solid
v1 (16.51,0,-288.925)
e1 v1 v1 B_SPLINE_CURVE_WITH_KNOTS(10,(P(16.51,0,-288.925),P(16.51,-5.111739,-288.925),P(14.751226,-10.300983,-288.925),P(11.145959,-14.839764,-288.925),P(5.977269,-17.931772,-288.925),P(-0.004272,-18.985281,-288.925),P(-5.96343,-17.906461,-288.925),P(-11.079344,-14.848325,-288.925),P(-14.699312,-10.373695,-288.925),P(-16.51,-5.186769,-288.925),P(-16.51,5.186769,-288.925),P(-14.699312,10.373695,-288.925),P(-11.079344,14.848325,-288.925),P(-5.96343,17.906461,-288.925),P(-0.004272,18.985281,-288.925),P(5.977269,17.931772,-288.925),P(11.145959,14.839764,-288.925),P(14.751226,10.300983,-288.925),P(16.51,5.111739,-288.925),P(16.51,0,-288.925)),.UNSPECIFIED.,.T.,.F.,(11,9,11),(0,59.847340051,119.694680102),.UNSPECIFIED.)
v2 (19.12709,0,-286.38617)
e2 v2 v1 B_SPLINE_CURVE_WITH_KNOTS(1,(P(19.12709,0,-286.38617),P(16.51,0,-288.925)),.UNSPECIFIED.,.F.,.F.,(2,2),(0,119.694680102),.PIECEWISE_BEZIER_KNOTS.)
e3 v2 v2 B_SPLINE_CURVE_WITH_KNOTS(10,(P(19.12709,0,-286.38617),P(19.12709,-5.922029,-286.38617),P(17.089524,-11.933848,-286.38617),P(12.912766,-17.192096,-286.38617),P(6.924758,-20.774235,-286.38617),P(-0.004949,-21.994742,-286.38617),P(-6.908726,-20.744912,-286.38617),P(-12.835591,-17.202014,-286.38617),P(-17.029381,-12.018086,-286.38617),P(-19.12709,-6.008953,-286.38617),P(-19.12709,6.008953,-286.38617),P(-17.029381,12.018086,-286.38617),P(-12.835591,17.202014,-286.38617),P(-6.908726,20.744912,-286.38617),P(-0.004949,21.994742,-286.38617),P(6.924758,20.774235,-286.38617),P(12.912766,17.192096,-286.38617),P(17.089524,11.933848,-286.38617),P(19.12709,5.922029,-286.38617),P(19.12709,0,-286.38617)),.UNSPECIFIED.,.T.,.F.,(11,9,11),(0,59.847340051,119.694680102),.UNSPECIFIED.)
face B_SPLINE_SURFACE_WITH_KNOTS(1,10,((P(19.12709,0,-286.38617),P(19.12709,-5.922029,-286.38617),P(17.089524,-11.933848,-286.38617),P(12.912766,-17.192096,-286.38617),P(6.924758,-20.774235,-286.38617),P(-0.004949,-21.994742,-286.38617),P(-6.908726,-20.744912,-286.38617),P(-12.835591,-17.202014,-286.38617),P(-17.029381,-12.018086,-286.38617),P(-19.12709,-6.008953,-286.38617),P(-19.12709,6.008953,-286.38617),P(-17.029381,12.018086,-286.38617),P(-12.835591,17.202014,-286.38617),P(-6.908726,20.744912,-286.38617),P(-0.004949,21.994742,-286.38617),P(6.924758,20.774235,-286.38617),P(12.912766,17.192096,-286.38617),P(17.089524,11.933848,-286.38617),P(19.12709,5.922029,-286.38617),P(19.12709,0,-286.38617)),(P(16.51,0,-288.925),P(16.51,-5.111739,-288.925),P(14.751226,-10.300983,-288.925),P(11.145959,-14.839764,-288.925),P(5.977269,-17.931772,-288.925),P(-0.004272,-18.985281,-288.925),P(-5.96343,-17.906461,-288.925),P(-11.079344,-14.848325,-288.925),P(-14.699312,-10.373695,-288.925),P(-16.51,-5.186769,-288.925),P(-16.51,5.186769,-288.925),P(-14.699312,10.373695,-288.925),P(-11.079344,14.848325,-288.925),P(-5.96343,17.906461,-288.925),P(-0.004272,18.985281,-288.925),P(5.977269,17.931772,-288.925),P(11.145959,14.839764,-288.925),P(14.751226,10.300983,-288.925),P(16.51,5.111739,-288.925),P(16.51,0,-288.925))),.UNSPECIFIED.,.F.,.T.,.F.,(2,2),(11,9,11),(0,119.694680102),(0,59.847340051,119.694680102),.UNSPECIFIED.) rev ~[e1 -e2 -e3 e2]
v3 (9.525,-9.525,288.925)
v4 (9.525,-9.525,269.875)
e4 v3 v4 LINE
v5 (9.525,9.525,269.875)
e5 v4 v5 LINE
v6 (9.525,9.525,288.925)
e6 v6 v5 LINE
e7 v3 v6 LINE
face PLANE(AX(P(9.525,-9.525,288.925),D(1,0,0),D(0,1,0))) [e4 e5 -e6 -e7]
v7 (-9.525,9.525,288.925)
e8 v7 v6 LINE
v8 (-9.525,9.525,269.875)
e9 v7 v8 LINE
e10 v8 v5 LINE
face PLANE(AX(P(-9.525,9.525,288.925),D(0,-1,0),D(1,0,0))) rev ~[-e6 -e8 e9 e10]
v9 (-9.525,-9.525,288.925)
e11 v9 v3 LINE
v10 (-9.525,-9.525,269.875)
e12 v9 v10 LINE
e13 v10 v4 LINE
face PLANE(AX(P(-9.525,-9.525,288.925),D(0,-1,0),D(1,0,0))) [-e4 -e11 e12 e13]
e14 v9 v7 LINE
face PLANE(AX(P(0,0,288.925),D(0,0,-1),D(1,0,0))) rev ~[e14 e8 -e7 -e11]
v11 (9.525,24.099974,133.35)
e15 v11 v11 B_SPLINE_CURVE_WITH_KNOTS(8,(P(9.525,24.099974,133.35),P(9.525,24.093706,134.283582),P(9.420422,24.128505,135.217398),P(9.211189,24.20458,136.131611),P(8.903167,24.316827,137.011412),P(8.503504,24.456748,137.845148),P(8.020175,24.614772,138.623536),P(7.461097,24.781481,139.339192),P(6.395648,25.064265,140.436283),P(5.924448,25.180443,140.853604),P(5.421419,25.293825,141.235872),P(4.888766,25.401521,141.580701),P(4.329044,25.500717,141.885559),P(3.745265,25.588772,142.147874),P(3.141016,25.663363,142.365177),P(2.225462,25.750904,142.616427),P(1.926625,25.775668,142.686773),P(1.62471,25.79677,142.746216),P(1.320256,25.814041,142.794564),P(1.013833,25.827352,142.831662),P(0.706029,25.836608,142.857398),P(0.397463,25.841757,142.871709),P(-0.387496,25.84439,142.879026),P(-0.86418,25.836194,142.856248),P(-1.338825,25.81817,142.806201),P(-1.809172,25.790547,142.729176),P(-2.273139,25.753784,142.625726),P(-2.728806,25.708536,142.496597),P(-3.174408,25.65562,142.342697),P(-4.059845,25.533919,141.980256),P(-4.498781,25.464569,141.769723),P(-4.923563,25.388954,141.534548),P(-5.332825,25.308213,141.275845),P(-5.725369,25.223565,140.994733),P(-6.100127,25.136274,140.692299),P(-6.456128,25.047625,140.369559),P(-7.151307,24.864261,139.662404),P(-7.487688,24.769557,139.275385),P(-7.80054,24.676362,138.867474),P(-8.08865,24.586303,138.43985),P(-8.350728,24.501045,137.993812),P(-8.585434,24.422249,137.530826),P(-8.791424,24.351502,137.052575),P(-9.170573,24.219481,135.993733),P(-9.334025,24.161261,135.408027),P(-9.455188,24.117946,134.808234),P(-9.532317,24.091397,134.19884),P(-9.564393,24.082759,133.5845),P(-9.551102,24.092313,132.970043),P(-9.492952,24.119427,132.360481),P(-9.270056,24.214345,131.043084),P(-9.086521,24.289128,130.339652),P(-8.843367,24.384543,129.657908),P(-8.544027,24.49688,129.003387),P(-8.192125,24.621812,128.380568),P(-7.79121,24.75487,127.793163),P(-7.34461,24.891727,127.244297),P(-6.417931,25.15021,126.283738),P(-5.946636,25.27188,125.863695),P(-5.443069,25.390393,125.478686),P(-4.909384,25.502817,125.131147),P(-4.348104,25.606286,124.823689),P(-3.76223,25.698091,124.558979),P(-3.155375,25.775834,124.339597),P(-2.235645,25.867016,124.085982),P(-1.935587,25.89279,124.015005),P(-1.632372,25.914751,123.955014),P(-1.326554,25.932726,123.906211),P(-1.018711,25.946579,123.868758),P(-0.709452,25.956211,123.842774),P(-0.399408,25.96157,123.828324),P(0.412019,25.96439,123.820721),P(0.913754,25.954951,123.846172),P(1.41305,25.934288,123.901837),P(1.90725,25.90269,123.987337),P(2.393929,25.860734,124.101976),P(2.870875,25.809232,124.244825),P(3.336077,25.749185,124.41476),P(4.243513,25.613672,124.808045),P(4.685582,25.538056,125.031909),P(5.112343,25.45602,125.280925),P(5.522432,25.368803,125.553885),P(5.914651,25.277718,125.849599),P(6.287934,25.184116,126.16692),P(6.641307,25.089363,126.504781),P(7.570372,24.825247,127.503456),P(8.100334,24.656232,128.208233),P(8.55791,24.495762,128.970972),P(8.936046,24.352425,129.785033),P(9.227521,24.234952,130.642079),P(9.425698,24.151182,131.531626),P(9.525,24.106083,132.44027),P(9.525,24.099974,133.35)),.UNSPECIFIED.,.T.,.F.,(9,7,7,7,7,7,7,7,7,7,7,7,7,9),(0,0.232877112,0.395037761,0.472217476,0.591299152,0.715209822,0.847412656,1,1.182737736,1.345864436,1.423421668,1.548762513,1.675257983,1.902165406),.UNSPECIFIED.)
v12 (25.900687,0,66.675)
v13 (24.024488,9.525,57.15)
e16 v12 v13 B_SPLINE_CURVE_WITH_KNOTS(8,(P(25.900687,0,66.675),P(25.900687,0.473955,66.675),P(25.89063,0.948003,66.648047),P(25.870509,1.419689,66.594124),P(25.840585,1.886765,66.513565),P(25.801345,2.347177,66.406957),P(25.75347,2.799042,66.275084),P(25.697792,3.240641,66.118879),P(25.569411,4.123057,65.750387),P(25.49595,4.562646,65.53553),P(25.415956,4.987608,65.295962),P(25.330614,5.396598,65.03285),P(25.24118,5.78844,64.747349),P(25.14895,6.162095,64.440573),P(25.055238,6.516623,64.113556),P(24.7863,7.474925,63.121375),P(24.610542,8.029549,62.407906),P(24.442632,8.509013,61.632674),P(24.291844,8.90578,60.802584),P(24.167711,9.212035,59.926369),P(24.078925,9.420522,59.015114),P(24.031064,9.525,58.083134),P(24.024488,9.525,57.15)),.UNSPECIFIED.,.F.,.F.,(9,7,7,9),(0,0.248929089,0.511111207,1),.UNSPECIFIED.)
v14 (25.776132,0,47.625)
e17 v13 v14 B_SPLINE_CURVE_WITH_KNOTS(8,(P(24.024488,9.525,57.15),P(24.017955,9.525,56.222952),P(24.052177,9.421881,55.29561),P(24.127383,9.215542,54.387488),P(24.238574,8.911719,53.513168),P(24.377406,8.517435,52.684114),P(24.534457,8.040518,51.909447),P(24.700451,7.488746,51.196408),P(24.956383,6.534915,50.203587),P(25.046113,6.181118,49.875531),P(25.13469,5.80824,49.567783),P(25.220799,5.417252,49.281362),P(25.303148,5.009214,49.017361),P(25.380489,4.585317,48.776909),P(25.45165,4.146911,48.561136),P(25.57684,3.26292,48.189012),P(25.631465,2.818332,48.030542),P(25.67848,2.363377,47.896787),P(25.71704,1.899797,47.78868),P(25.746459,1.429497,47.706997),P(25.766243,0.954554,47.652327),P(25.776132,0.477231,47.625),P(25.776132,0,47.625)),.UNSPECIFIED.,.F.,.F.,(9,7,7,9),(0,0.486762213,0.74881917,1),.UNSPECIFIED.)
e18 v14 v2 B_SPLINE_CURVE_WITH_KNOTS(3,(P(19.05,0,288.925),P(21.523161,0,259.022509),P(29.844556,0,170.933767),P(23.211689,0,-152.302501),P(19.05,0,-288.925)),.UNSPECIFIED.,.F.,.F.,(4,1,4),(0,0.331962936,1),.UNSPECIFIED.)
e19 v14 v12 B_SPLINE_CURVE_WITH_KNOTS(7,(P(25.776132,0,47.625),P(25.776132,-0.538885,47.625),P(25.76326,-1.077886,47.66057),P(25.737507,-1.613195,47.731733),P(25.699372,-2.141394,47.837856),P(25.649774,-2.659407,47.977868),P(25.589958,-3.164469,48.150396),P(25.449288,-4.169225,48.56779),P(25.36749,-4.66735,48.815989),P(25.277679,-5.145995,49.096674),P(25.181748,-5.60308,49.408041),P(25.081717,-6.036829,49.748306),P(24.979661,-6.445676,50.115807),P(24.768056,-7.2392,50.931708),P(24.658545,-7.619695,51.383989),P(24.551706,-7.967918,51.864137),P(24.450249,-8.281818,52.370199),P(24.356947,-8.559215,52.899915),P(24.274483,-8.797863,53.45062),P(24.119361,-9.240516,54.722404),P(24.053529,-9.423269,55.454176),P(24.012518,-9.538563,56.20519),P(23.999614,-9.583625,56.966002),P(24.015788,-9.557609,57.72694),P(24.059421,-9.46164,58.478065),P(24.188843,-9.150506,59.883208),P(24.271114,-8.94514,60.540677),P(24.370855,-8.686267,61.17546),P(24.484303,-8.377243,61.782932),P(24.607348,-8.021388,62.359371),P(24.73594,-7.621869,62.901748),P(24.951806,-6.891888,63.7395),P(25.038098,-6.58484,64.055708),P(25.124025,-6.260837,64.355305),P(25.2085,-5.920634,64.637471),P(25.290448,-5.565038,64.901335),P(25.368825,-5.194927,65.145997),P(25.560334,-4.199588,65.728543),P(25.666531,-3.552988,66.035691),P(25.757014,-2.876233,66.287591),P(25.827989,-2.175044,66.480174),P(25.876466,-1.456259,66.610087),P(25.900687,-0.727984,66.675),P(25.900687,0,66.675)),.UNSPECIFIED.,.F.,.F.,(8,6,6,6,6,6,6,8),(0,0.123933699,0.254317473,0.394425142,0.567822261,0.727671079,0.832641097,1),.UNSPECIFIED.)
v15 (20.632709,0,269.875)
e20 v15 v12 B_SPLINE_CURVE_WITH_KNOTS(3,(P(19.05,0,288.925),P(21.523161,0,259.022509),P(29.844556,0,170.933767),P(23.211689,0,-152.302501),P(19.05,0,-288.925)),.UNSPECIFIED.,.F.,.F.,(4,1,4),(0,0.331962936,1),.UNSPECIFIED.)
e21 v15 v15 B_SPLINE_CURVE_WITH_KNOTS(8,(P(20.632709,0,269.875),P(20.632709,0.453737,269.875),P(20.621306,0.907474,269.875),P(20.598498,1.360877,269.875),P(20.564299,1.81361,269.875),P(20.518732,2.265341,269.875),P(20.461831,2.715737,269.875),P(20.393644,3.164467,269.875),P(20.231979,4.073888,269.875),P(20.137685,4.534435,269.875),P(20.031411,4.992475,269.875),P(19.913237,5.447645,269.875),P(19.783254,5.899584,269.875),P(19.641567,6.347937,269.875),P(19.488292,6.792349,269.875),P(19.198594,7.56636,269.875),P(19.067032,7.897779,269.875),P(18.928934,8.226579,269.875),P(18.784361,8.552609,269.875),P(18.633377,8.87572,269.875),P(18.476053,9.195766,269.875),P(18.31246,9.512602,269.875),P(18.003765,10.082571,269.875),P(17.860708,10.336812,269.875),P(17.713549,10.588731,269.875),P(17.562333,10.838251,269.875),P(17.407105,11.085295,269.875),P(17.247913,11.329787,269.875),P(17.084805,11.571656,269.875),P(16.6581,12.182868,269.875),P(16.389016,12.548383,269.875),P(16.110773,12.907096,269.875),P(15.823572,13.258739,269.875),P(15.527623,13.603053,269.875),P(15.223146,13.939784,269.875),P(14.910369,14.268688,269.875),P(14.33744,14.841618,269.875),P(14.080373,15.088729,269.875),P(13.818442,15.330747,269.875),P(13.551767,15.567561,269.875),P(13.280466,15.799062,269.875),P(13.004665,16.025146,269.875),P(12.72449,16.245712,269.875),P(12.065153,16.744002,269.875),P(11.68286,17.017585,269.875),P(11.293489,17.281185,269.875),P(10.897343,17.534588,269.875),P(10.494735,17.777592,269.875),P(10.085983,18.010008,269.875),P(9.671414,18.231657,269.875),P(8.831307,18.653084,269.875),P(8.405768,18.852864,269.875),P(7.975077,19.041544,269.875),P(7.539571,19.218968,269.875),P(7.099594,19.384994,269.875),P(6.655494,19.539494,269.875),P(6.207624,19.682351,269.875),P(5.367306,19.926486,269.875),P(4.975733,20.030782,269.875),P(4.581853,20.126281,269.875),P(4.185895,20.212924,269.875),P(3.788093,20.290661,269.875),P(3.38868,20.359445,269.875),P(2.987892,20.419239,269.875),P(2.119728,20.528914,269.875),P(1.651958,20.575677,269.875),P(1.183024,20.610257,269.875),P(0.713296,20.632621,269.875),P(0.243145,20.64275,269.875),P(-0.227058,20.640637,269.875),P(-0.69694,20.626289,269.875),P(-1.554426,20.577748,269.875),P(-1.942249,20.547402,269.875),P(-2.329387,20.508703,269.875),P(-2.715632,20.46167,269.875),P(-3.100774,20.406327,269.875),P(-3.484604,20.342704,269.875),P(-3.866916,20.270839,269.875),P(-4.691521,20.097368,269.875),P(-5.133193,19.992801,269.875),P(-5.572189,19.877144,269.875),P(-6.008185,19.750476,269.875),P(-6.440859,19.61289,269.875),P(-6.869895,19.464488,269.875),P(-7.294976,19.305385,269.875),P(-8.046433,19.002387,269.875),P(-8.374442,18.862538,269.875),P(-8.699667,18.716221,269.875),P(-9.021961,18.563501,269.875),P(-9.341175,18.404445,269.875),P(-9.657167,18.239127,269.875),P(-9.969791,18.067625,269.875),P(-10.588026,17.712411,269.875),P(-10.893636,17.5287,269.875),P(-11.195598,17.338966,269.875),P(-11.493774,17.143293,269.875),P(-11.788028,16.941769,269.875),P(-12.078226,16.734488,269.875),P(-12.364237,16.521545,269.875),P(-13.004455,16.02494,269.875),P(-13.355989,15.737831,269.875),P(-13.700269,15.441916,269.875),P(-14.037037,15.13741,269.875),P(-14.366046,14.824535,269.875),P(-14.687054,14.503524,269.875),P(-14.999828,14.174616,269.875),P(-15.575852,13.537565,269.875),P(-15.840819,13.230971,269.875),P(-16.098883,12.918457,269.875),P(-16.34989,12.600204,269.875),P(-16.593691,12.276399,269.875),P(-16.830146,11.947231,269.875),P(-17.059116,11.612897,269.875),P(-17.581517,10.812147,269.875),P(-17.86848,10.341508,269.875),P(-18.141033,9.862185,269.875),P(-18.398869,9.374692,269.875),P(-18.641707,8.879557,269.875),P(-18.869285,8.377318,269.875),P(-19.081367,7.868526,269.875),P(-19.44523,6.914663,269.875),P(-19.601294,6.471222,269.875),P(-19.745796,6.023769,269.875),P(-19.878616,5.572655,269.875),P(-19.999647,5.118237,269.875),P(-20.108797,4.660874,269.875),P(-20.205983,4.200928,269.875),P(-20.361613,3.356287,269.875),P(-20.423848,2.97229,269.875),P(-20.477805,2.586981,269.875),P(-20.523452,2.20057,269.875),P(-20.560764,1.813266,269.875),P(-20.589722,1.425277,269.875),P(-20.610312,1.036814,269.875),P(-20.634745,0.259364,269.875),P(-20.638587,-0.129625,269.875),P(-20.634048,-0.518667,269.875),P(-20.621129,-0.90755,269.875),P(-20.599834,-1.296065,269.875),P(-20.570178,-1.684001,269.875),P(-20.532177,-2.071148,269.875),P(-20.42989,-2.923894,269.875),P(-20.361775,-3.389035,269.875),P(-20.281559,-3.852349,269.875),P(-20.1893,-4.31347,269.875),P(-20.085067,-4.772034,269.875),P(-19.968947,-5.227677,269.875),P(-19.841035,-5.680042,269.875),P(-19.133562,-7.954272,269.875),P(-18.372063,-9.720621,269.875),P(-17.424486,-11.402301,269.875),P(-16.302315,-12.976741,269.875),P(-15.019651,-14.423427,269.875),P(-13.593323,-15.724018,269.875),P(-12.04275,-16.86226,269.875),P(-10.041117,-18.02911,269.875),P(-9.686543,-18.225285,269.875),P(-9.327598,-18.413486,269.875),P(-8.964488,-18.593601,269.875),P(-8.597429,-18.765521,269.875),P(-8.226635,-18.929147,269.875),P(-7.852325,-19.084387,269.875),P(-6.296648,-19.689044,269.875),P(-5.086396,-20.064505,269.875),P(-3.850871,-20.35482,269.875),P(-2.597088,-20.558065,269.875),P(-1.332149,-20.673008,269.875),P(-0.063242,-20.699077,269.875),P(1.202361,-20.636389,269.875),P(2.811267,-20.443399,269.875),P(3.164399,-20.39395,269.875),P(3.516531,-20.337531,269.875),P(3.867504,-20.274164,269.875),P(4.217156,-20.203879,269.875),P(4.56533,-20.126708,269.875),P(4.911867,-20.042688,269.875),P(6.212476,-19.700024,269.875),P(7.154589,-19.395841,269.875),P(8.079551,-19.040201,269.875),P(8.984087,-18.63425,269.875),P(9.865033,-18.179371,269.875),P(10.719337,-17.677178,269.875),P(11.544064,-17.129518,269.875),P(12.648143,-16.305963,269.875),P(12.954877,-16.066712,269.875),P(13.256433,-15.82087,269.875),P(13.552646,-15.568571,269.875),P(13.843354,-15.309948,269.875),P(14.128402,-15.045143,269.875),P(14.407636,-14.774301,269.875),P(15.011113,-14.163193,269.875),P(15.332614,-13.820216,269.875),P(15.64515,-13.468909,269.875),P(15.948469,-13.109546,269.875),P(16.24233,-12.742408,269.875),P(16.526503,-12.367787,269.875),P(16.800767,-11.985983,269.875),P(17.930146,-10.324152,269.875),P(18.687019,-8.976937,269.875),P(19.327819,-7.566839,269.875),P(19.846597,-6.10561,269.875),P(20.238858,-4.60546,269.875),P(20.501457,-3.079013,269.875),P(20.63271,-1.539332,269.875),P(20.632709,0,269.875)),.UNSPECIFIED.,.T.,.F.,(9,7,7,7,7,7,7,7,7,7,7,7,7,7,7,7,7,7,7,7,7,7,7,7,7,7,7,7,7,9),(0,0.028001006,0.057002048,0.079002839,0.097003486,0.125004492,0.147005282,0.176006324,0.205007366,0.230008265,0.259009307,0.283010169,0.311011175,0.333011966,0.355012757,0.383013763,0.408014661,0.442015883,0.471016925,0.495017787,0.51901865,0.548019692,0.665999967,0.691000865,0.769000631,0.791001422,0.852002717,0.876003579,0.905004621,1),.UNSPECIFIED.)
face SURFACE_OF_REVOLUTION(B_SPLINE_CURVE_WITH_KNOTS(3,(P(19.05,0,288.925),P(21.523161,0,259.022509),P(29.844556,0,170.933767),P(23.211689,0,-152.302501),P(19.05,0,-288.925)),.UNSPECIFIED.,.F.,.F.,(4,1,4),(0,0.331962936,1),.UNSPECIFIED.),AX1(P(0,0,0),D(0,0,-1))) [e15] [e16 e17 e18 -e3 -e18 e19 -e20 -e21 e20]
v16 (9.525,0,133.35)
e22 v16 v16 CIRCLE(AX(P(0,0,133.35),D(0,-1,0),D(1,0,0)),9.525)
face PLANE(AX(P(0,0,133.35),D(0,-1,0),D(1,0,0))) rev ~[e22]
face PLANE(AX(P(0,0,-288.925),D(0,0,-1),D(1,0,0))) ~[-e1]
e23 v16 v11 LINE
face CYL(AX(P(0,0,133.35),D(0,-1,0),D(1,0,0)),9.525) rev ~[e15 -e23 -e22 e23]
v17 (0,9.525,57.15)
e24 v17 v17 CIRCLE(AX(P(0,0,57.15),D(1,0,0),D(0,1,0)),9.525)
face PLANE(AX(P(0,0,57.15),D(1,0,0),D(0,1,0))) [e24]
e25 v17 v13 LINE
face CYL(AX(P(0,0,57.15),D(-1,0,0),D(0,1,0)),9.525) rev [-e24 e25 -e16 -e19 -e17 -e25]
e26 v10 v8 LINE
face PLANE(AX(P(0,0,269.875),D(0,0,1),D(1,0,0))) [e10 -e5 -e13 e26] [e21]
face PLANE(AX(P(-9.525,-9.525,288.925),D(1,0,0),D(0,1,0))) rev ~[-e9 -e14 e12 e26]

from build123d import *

# Parameters (mm, degrees)
F2_W     = 50.8
F2_H     = 50.8
F2_R     = 19.05
F2_W_2   = 19.05
F2_H_2   = 19.05
F3_DEPTH = 19.05
F4_SIZE  = 2.54
F5_R     = 9.525
F6_DEPTH = 26.0044493244
F7_R     = 9.525
F8_DEPTH = 26.0044493244


with BuildPart() as f1:
    # F0 (on Front) → F1 (revolve)
    with BuildSketch(Plane.XZ):
        with BuildLine():
            Line((19.05, 288.925), (0, 288.925))
            Line((0, 288.925), (0, 174.625))
            Line((0, 174.625), (0, -288.925))
            Line((0, -288.925), (19.05, -288.925))
            add(Edge.make_bspline(
                [(19.05, 288.925), (21.5231611834, 259.0225091694), (29.8445561443, 170.9337666521), (23.2116888835, -152.3025010334), (19.05, -288.925)],
                knots=[0, 0, 0, 0, 0.3319629358, 1, 1, 1, 1], degree=3))
        make_face()
    revolve(axis=Axis((0, 0, 0), (0, 0, -1)))

    # F2 (on face) → F3 (cut)
    with BuildSketch(Plane.XY.offset(288.925)):
        Rectangle(F2_W, F2_H)
        Circle(F2_R, mode=Mode.SUBTRACT)
        Circle(F2_R)
        Rectangle(F2_W_2, F2_H_2, mode=Mode.SUBTRACT)
    extrude(amount=-F3_DEPTH, mode=Mode.SUBTRACT)

    # F4
    f4_edges = [f1.edges().sort_by_distance(p)[0] for p in [
        (-19.05, 0, -288.925),
    ]]
    chamfer(f4_edges, length=F4_SIZE)

    # F5 (on Front) → F6 (cut, through all)
    with BuildSketch(Plane.XZ):
        with Locations((0, 133.35)):
            Circle(F5_R)
    extrude(amount=-F6_DEPTH, mode=Mode.SUBTRACT)

    # F7 (on Right) → F8 (cut, through all)
    with BuildSketch(Plane.YZ):
        with Locations((0, 57.15)):
            Circle(F7_R)
    extrude(amount=F8_DEPTH, mode=Mode.SUBTRACT)


solid = f1.part
